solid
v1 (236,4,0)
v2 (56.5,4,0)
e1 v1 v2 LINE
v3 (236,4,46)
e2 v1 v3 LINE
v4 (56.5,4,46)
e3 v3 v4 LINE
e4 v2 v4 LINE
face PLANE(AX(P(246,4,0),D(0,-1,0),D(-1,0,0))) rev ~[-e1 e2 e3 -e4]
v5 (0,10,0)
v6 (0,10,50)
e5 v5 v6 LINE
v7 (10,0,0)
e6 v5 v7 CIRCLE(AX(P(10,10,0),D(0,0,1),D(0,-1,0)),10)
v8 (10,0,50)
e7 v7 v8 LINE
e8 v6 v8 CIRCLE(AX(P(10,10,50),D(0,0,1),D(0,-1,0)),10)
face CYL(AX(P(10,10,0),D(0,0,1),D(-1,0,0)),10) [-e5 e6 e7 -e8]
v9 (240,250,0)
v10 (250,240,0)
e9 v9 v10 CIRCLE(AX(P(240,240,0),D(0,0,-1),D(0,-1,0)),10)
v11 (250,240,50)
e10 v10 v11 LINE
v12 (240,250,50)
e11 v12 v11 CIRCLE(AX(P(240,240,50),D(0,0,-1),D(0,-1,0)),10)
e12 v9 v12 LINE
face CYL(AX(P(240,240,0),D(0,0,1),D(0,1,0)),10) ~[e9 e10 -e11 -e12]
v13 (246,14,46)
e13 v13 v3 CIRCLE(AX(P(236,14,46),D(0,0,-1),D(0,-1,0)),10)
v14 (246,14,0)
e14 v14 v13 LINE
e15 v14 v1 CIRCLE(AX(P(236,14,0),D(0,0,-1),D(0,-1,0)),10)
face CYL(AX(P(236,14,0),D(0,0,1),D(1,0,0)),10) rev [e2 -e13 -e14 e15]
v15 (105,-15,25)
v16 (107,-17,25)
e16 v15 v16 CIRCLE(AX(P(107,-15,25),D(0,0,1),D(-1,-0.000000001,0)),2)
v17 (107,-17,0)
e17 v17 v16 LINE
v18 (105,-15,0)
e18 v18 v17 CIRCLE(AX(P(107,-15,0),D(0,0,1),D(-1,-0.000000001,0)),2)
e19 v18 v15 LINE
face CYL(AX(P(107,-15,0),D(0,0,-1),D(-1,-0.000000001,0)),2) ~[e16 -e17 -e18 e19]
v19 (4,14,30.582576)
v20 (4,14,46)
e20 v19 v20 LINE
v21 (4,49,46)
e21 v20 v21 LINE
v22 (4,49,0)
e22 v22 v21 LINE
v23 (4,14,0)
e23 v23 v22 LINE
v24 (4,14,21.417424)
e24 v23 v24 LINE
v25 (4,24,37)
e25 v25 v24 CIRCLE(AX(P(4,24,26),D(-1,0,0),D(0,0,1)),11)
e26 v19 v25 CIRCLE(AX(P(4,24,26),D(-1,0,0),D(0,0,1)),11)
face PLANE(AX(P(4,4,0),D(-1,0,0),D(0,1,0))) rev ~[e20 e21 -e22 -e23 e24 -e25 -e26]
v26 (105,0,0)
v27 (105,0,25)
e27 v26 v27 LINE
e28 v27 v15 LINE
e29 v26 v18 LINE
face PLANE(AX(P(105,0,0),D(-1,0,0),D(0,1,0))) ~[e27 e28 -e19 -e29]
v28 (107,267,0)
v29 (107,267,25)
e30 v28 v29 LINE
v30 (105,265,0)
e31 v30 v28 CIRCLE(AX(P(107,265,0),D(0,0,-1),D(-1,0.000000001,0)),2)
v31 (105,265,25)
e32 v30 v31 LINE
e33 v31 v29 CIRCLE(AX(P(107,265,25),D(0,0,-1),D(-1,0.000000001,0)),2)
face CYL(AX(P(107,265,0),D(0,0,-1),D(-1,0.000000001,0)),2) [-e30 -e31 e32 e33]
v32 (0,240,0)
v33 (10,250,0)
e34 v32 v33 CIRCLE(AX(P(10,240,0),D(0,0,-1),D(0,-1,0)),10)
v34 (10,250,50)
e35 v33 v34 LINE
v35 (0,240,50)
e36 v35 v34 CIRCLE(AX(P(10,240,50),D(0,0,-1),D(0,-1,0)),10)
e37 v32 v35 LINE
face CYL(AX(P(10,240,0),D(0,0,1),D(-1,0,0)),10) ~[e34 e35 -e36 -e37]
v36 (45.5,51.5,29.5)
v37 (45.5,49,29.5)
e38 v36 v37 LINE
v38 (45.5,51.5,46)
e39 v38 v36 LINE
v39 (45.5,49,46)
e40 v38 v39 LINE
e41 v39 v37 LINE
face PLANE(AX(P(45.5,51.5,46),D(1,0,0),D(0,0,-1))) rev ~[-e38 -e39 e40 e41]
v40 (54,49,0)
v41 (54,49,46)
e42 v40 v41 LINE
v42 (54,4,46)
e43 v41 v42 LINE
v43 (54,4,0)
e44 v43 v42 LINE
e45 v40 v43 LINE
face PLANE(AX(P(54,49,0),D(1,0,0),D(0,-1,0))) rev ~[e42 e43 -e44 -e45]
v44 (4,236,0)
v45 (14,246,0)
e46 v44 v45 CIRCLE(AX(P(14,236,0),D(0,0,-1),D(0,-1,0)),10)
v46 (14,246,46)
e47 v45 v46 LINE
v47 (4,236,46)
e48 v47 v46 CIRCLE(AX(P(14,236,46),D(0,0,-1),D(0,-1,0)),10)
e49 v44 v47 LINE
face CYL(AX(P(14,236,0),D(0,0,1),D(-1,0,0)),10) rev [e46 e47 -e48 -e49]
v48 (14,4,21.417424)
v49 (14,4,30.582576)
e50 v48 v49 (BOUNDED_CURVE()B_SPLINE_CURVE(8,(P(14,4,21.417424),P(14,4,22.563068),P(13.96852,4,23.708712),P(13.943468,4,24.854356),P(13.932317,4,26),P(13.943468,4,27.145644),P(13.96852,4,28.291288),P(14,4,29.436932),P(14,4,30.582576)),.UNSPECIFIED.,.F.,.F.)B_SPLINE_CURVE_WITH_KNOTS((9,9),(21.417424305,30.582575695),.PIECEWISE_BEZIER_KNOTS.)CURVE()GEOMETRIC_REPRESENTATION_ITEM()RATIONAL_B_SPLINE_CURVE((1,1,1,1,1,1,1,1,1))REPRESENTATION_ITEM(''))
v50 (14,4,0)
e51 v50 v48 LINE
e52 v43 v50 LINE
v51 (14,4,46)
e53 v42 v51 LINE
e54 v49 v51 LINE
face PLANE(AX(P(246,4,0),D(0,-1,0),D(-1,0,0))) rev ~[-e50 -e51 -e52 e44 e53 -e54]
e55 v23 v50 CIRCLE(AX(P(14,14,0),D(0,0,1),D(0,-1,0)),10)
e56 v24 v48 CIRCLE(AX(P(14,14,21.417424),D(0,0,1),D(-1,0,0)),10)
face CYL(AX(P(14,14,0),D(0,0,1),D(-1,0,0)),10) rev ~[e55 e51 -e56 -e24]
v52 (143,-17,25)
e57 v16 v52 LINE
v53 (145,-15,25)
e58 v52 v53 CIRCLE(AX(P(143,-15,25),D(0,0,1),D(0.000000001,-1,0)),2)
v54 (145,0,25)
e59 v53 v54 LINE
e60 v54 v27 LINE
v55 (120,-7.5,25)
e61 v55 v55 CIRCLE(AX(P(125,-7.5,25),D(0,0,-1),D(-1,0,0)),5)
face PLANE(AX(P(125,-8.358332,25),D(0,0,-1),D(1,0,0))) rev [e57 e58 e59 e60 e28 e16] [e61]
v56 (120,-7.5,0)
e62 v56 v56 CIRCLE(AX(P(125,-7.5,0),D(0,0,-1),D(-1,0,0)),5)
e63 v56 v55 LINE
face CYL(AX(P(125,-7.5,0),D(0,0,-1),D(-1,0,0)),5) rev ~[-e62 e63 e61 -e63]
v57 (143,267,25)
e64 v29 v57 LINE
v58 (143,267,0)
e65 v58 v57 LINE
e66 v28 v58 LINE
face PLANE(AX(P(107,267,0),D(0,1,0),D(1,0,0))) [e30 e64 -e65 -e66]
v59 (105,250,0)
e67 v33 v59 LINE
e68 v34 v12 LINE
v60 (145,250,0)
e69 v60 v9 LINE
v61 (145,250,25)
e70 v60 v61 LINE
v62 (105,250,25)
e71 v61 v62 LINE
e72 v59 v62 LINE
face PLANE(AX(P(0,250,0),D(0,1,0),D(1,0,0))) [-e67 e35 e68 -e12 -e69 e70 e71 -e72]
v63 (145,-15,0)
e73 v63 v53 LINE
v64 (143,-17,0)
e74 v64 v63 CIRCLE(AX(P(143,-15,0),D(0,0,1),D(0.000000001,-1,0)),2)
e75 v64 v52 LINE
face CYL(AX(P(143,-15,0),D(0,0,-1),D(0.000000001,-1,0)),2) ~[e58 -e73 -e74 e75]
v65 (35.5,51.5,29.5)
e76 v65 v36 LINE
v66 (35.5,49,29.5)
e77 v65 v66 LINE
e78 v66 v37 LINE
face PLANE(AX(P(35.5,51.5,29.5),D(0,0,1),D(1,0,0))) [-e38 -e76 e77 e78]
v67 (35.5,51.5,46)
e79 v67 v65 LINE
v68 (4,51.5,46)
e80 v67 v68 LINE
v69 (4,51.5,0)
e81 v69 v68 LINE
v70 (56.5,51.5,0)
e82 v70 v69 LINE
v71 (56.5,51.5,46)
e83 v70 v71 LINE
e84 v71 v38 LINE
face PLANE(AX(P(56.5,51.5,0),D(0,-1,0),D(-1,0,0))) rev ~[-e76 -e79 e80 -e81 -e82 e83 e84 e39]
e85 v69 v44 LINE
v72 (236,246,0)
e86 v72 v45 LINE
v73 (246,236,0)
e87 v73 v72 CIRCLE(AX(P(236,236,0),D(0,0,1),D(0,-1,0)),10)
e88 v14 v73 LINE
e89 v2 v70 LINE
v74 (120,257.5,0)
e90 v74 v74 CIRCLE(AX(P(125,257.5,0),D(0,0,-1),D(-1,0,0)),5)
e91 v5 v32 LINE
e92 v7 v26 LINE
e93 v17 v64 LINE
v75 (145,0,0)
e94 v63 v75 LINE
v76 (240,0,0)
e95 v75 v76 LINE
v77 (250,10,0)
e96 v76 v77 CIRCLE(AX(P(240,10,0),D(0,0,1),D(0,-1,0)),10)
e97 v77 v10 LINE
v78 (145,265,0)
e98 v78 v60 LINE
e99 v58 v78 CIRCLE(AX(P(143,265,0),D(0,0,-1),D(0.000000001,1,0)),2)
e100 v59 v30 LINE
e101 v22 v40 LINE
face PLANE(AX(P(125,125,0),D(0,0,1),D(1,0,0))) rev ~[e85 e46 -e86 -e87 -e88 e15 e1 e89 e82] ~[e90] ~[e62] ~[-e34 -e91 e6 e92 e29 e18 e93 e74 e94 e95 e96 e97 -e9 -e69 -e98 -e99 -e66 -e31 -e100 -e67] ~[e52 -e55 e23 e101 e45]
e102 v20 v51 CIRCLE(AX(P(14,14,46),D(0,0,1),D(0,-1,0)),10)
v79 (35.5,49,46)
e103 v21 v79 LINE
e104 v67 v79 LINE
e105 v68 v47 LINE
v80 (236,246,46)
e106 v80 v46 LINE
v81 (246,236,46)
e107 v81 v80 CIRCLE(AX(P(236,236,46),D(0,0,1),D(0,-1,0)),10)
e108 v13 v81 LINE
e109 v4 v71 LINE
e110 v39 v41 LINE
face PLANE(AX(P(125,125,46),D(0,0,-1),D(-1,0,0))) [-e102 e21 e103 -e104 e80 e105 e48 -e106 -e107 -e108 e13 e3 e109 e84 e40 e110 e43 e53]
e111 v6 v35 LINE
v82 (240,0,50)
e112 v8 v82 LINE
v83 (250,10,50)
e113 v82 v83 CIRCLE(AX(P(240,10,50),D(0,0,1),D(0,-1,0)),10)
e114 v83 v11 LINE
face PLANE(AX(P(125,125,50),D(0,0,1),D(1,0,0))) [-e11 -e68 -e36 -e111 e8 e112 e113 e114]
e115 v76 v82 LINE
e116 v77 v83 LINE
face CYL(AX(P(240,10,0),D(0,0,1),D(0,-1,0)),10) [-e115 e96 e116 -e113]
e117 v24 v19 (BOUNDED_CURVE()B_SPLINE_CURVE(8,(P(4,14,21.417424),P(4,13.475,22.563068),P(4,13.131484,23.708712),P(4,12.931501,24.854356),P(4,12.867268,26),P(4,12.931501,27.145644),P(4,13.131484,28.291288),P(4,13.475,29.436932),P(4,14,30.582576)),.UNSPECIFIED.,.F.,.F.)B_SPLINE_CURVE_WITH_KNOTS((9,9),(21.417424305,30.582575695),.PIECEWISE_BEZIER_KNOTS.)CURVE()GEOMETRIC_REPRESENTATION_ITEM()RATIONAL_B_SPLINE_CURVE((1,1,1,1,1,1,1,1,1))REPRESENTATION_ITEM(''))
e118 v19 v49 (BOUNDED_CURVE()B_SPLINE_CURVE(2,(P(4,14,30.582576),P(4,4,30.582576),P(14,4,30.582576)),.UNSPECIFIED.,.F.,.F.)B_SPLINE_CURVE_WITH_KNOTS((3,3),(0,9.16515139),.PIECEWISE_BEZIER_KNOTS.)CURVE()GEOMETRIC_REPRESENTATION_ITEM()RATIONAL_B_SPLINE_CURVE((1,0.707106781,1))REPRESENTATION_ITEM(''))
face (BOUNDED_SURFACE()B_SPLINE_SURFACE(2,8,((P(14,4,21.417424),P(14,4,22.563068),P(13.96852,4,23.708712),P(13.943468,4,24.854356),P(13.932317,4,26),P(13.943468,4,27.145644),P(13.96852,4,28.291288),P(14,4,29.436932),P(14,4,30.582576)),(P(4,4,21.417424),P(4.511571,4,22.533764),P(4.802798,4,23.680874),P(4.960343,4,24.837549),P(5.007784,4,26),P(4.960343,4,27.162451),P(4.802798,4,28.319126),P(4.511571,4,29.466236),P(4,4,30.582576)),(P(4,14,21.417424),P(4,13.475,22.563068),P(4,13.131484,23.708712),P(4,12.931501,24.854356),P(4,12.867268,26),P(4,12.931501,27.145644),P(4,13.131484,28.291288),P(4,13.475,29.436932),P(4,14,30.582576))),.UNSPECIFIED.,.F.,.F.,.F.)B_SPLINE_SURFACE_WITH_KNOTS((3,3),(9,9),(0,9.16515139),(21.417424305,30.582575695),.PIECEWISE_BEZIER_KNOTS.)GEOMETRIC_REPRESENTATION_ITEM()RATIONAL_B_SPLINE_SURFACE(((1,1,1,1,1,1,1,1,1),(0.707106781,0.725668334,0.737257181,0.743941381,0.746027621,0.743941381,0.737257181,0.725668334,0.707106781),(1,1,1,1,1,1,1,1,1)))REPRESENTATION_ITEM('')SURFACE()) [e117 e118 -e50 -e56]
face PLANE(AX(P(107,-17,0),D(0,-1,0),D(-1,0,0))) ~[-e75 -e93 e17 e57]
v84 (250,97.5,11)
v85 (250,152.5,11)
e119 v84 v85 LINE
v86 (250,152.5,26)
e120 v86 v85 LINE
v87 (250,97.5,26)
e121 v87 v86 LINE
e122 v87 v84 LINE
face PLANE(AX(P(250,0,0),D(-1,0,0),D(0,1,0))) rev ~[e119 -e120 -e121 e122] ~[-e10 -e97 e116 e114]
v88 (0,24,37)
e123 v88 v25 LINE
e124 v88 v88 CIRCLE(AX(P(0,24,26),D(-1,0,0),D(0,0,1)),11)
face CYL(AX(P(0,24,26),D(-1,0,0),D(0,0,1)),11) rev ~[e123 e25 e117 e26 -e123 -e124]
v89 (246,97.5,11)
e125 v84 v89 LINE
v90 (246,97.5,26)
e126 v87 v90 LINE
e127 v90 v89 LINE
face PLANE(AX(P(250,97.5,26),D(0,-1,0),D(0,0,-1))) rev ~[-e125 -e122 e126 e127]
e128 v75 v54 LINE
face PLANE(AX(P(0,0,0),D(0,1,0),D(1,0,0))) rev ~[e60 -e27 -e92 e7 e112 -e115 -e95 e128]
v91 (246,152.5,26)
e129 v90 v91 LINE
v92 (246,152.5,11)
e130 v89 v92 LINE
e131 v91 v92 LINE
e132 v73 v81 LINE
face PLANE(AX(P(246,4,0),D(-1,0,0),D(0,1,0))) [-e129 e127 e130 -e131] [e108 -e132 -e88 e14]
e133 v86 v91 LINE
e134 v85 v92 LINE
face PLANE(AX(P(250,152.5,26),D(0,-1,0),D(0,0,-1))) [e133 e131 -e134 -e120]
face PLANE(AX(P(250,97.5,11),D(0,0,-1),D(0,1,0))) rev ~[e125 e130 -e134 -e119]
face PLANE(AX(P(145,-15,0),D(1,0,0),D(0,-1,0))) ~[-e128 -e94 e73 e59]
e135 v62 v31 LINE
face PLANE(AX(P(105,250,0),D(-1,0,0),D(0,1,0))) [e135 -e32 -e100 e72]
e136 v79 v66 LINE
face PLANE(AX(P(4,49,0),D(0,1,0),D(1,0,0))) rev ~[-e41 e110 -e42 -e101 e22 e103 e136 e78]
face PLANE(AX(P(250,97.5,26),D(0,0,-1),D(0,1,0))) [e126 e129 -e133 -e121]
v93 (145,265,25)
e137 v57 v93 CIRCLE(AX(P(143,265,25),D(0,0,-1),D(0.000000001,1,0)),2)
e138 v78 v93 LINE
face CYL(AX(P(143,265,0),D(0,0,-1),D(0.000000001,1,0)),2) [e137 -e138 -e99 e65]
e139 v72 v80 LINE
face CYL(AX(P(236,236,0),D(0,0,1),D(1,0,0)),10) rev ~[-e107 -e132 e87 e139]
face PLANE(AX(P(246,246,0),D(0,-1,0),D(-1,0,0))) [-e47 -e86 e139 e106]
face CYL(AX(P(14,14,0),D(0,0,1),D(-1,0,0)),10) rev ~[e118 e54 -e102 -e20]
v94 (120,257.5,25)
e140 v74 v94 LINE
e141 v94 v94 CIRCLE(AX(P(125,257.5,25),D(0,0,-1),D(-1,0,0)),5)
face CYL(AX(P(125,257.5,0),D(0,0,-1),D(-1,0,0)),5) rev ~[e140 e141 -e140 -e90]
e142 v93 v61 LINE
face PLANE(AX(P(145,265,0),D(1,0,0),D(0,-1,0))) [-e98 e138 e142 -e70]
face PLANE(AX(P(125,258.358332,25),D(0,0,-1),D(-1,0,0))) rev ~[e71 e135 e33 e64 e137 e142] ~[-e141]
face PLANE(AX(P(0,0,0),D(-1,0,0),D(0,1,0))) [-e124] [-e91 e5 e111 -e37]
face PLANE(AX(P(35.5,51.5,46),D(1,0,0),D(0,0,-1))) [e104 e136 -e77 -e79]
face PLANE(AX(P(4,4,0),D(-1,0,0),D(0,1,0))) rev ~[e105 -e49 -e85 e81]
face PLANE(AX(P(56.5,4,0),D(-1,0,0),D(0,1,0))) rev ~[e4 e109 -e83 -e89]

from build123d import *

# Parameters (mm, degrees)
SKETCH1_W           = 250
SKETCH1_H           = 250
BOSS_EXTRUDE1_DEPTH = 50
BOSS_EXTRUDE2_DEPTH = 25
SKETCH8_R           = 5
CUT_EXTRUDE1_DEPTH  = 25
SKETCH9_W           = 242
SKETCH9_H           = 242
CUT_EXTRUDE4_DEPTH  = 46
EXTRUDE_THIN2_DEPTH = 46
SKETCH15_R          = 11
CUT_EXTRUDE5_DEPTH  = 4
SKETCH17_W          = 15
SKETCH17_H          = 55
CUT_EXTRUDE7_DEPTH  = 4
SKETCH18_W          = 10
SKETCH18_H          = 16.5
CUT_EXTRUDE8_DEPTH  = 2.5
FILLET1_R           = 10
FILLET2_R           = 10


with BuildPart() as part:
    # Sketch1 → Boss-Extrude1 (new body)
    with BuildSketch(Plane.XY):
        with Locations((125, 125)):
            Rectangle(SKETCH1_W, SKETCH1_H)
    extrude(amount=BOSS_EXTRUDE1_DEPTH)

    # Sketch5 → Boss-Extrude2 (add)
    with BuildSketch(Plane.XY):
        with BuildLine():
            Line((105, 250), (105, 265))
            ThreePointArc((105, 265), (105.585786438, 266.414213562), (107, 267))
            Line((107, 267), (143, 267))
            ThreePointArc((143, 267), (144.414213562, 266.414213562), (145, 265))
            Line((145, 265), (145, 250))
            Line((145, 250), (105, 250))
        make_face()
    boss_extrude2 = extrude(amount=BOSS_EXTRUDE2_DEPTH)

    # Mirror1: Boss-Extrude2 across plane
    add(boss_extrude2.mirror(Plane.ZX.offset(125)))

    # Sketch8 → Cut-Extrude1 (cut)
    with BuildSketch(Plane(origin=(0, 0, 0), x_dir=(-1, 0, 0), z_dir=(0, 0, -1))):
        with Locations((-125, -7.5)):
            Circle(SKETCH8_R)
        with Locations((-125, 257.5)):
            Circle(SKETCH8_R)
    extrude(amount=-CUT_EXTRUDE1_DEPTH, mode=Mode.SUBTRACT)

    # Sketch9 → Cut-Extrude4 (cut)
    with BuildSketch(Plane(origin=(0, 0, 0), x_dir=(-1, 0, 0), z_dir=(0, 0, -1))):
        with Locations((-125, 125)):
            Rectangle(SKETCH9_W, SKETCH9_H)
    extrude(amount=-CUT_EXTRUDE4_DEPTH, mode=Mode.SUBTRACT)

    # Sketch14 → Extrude-Thin2 (add)
    with BuildSketch(Plane(origin=(0, 0, 0), x_dir=(-1, 0, 0), z_dir=(0, 0, -1))):
        Polygon((-4, 49), (-54, 49), (-54, 4), (-56.5, 4), (-56.5, 51.5), (-4, 51.5), align=None)
    extrude(amount=-EXTRUDE_THIN2_DEPTH)

    # Sketch15 → Cut-Extrude5 (cut)
    with BuildSketch(Plane.ZY):
        with Locations((26, 24)):
            Circle(SKETCH15_R)
    extrude(amount=-CUT_EXTRUDE5_DEPTH, mode=Mode.SUBTRACT)

    # Sketch17 → Cut-Extrude7 (cut)
    with BuildSketch(Plane(origin=(250, 0, 0), x_dir=(0, 0, -1), z_dir=(1, 0, 0))):
        with Locations((-18.5, 125)):
            Rectangle(SKETCH17_W, SKETCH17_H)
    extrude(amount=-CUT_EXTRUDE7_DEPTH, mode=Mode.SUBTRACT)

    # Sketch18 → Cut-Extrude8 (cut)
    with BuildSketch(Plane(origin=(0, 51.5, 0), x_dir=(1, 0, 0), z_dir=(0, 1, 0))):
        with Locations((40.5, -37.75)):
            Rectangle(SKETCH18_W, SKETCH18_H)
    extrude(amount=-CUT_EXTRUDE8_DEPTH, mode=Mode.SUBTRACT)

    # Fillet1
    fillet1_edges = [part.edges().sort_by_distance(p)[0] for p in [
        (0, 250, 25),
        (250, 250, 25),
        (250, 0, 25),
        (0, 0, 25),
    ]]
    fillet(fillet1_edges, radius=FILLET1_R)

    # Fillet2
    fillet2_edges = [part.edges().sort_by_distance(p)[0] for p in [
        (246, 246, 23),
        (4, 246, 23),
        (4, 4, 23),
        (246, 4, 23),
    ]]
    fillet(fillet2_edges, radius=FILLET2_R)


solid = part.part
